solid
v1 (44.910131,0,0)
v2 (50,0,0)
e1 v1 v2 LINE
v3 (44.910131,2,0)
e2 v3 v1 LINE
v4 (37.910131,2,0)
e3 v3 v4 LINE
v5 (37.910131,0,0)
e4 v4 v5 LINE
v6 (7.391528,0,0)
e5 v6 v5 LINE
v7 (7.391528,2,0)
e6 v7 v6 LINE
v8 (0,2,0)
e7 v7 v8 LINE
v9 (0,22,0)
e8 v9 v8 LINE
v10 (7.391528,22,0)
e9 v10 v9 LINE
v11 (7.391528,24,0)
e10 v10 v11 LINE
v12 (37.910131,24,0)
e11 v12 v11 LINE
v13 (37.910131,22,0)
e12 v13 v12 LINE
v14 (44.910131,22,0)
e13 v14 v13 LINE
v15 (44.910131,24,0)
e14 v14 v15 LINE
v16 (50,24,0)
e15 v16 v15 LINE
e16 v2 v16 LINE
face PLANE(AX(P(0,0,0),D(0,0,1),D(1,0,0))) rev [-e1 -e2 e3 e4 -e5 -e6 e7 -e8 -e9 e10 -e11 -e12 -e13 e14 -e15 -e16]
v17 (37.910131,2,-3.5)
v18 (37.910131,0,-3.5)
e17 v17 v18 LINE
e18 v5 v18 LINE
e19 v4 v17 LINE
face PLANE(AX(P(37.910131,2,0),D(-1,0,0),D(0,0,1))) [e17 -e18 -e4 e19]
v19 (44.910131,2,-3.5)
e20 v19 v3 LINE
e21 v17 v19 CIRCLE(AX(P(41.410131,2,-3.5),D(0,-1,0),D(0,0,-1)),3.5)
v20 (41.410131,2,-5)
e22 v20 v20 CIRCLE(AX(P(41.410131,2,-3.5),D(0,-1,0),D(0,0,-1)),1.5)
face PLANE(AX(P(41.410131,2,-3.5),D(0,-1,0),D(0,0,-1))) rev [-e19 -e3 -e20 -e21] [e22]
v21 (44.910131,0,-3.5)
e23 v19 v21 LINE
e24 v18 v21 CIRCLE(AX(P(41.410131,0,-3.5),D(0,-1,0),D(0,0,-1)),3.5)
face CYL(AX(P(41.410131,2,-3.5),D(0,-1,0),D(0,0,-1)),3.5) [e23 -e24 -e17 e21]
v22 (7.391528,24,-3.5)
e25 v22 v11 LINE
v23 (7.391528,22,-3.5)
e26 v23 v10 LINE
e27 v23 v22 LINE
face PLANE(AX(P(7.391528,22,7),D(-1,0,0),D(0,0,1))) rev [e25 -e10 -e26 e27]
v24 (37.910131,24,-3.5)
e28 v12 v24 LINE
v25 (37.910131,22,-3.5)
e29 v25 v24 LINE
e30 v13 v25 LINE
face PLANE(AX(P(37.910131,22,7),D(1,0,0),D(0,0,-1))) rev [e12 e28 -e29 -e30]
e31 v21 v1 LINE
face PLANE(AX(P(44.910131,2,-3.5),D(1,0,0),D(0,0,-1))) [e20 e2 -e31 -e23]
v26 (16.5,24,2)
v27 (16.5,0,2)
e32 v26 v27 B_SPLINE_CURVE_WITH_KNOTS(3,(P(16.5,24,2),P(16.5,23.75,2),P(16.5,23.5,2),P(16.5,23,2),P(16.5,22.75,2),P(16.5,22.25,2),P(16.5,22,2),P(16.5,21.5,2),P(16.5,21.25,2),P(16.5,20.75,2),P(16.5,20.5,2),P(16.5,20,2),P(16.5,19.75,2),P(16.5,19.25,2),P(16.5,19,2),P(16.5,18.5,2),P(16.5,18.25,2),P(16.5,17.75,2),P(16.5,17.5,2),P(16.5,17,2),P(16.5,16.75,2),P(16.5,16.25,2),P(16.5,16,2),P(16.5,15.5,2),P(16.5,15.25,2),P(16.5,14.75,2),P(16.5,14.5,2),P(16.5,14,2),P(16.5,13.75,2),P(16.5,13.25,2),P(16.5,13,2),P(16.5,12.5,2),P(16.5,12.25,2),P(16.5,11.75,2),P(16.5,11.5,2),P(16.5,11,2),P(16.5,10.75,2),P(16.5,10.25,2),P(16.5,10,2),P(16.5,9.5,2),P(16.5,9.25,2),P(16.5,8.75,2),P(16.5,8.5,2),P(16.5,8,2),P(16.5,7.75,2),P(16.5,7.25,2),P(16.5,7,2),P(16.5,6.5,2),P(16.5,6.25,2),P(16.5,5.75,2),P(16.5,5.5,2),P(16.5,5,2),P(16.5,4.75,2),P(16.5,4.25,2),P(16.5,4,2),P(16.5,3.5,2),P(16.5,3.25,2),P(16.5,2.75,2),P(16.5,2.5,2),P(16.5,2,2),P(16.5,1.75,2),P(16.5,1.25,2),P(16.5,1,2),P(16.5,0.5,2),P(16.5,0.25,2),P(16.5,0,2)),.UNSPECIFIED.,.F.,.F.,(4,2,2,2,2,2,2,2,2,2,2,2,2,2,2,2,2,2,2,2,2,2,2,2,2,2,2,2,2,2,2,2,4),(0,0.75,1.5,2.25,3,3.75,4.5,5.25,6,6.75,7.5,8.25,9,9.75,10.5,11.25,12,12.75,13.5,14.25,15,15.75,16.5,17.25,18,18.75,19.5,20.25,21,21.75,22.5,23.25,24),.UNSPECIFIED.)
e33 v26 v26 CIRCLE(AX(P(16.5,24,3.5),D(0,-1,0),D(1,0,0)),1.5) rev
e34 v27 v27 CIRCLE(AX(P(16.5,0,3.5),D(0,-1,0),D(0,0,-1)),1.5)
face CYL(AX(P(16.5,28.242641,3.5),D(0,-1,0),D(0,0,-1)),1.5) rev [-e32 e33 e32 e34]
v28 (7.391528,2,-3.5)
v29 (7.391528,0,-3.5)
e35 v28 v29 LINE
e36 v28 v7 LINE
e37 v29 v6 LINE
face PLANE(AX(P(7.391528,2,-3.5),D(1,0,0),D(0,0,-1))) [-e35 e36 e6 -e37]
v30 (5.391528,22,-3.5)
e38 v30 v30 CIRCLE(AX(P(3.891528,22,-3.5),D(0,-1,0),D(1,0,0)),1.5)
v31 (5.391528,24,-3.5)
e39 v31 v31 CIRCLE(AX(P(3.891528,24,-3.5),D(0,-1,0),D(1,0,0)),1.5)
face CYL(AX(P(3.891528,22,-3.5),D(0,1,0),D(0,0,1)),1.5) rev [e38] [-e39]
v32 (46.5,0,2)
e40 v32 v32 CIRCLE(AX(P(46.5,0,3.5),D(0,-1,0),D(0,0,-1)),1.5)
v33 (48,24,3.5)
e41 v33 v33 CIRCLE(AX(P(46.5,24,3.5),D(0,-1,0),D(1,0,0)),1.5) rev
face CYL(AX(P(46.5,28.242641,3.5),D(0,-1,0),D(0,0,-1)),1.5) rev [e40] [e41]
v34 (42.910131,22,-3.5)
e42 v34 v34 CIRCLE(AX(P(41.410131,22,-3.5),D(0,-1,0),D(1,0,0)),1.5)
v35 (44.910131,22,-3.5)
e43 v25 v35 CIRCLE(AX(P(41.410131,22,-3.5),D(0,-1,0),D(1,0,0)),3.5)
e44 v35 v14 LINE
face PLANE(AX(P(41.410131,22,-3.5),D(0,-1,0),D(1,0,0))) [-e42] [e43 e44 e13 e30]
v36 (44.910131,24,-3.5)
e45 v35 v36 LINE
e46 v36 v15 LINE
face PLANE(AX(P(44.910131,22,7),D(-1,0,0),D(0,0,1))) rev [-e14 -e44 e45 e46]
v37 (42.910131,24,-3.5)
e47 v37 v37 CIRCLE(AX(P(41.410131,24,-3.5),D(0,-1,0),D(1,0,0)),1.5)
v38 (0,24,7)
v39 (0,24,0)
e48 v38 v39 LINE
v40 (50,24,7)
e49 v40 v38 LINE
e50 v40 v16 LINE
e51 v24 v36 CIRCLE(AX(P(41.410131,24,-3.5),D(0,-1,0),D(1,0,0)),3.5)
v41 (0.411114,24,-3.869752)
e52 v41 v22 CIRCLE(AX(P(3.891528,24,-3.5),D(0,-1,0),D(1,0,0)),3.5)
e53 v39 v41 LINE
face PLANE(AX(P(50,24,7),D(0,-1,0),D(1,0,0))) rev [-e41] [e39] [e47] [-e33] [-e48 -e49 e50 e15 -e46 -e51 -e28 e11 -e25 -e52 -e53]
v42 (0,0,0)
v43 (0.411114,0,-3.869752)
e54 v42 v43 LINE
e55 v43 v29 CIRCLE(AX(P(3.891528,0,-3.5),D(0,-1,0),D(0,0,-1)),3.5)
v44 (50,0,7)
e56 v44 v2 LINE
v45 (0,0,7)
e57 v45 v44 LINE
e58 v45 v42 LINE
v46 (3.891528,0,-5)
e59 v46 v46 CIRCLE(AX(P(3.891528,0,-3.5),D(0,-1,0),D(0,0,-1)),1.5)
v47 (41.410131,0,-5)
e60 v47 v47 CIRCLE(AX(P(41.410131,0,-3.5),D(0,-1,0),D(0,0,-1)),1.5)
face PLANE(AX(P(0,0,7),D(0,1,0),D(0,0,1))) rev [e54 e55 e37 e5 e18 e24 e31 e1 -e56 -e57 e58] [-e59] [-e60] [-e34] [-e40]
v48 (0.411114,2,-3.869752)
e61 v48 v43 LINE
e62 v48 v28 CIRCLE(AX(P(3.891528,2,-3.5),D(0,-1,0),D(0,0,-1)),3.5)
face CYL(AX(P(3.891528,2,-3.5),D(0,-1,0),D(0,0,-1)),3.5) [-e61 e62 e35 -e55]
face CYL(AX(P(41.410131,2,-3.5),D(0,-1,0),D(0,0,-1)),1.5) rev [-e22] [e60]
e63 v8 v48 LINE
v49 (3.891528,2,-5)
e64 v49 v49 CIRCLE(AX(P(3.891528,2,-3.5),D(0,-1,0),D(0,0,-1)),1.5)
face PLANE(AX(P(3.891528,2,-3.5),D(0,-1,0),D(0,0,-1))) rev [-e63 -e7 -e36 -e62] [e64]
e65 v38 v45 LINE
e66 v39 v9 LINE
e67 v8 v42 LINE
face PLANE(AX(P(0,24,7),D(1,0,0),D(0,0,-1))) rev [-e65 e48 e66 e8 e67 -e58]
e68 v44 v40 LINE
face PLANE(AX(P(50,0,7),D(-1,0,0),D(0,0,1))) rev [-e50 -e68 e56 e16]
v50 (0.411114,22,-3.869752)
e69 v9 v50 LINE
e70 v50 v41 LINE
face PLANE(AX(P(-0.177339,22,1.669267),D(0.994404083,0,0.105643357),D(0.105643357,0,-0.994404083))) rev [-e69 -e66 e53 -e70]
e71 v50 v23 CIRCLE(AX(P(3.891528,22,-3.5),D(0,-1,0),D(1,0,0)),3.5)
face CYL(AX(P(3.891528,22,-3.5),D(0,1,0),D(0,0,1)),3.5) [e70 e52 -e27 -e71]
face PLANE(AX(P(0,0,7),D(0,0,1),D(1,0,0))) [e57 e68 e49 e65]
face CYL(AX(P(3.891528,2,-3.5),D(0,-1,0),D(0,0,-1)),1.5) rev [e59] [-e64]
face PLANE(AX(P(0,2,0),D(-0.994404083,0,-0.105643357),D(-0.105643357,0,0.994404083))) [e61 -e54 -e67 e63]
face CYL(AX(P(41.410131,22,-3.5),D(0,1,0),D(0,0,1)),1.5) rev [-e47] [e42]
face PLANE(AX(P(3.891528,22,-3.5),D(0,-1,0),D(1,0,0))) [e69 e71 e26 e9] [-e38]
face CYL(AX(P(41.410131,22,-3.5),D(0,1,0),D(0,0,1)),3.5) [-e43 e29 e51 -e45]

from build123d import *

# Parameters (mm, degrees)
SKETCH2_W           = 50
SKETCH2_H           = 24
BOSS_EXTRUDE1_DEPTH = 7
SKETCH3_R           = 1.5
BOSS_EXTRUDE2_DEPTH = 2
BOSS_EXTRUDE3_START = -22
SKETCH3_2_R         = 1.5
BOSS_EXTRUDE3_DEPTH = 2
SKETCH5_R           = 1.5
CUT_EXTRUDE1_DEPTH  = 24
SKETCH6_R           = 1.5
CUT_EXTRUDE2_DEPTH  = 24


with BuildPart() as part:
    # Sketch2 → Boss-Extrude1 (new body)
    with BuildSketch(Plane.XY):
        with Locations((25, 12)):
            Rectangle(SKETCH2_W, SKETCH2_H)
    extrude(amount=BOSS_EXTRUDE1_DEPTH)

    # Sketch3 → Boss-Extrude2 (add)
    # profile 1 of 2: a face of its own
    with BuildSketch(Plane.XZ):
        with BuildLine():
            Line((7.39152842, -3.5), (7.39152842, 0))
            Line((7.39152842, 0), (0, 0))
            Line((0, 0), (0.411114128, -3.869751751))
            ThreePointArc((0.411114128, -3.869751751), (4.076663477, -6.995100143), (7.39152842, -3.5))
        make_face()
        with Locations(Location((3.89152842, -3.5, 0), (0, 0, 270))):
            Circle(SKETCH3_R, mode=Mode.SUBTRACT)
    # profile 2 of 2: a face of its own
    with BuildSketch(Plane.XZ):
        with BuildLine():
            Line((44.910130544, -3.5), (44.910130544, 0))
            Line((44.910130544, 0), (37.910130544, 0))
            Line((37.910130544, 0), (37.910130544, -3.5))
            ThreePointArc((37.910130544, -3.5), (41.410130544, -7), (44.910130544, -3.5))
        make_face()
        with Locations(Location((41.410130544, -3.5, 0), (0, 0, 270))):
            Circle(SKETCH3_R, mode=Mode.SUBTRACT)
    extrude(amount=-BOSS_EXTRUDE2_DEPTH)

    # Sketch3<2> → Boss-Extrude3 (add)
    # profile 1 of 2: a face of its own
    with BuildSketch(Plane.XZ.offset(BOSS_EXTRUDE3_START)):
        with BuildLine():
            Line((7.39152842, -3.5), (7.39152842, 0))
            Line((7.39152842, 0), (0, 0))
            Line((0, 0), (0.411114128, -3.869751751))
            ThreePointArc((0.411114128, -3.869751751), (4.076663477, -6.995100143), (7.39152842, -3.5))
        make_face()
        with Locations(Location((3.89152842, -3.5, 0), (0, 0, 270))):
            Circle(SKETCH3_2_R, mode=Mode.SUBTRACT)
    # profile 2 of 2: a face of its own
    with BuildSketch(Plane.XZ.offset(BOSS_EXTRUDE3_START)):
        with BuildLine():
            Line((44.910130544, -3.5), (44.910130544, 0))
            Line((44.910130544, 0), (37.910130544, 0))
            Line((37.910130544, 0), (37.910130544, -3.5))
            ThreePointArc((37.910130544, -3.5), (41.410130544, -7), (44.910130544, -3.5))
        make_face()
        with Locations(Location((41.410130544, -3.5, 0), (0, 0, 270))):
            Circle(SKETCH3_2_R, mode=Mode.SUBTRACT)
    extrude(amount=-BOSS_EXTRUDE3_DEPTH)

    # Sketch5 → Cut-Extrude1 (cut)
    with BuildSketch(Plane.XZ):
        with Locations(Location((46.5, 3.5, 0), (0, 0, 270))):
            Circle(SKETCH5_R)
    extrude(amount=-CUT_EXTRUDE1_DEPTH, mode=Mode.SUBTRACT)

    # Sketch6 → Cut-Extrude2 (cut)
    with BuildSketch(Plane.XZ):
        with Locations(Location((16.5, 3.5, 0), (0, 0, 270))):
            Circle(SKETCH6_R)
    extrude(amount=-CUT_EXTRUDE2_DEPTH, mode=Mode.SUBTRACT)


solid = part.part
